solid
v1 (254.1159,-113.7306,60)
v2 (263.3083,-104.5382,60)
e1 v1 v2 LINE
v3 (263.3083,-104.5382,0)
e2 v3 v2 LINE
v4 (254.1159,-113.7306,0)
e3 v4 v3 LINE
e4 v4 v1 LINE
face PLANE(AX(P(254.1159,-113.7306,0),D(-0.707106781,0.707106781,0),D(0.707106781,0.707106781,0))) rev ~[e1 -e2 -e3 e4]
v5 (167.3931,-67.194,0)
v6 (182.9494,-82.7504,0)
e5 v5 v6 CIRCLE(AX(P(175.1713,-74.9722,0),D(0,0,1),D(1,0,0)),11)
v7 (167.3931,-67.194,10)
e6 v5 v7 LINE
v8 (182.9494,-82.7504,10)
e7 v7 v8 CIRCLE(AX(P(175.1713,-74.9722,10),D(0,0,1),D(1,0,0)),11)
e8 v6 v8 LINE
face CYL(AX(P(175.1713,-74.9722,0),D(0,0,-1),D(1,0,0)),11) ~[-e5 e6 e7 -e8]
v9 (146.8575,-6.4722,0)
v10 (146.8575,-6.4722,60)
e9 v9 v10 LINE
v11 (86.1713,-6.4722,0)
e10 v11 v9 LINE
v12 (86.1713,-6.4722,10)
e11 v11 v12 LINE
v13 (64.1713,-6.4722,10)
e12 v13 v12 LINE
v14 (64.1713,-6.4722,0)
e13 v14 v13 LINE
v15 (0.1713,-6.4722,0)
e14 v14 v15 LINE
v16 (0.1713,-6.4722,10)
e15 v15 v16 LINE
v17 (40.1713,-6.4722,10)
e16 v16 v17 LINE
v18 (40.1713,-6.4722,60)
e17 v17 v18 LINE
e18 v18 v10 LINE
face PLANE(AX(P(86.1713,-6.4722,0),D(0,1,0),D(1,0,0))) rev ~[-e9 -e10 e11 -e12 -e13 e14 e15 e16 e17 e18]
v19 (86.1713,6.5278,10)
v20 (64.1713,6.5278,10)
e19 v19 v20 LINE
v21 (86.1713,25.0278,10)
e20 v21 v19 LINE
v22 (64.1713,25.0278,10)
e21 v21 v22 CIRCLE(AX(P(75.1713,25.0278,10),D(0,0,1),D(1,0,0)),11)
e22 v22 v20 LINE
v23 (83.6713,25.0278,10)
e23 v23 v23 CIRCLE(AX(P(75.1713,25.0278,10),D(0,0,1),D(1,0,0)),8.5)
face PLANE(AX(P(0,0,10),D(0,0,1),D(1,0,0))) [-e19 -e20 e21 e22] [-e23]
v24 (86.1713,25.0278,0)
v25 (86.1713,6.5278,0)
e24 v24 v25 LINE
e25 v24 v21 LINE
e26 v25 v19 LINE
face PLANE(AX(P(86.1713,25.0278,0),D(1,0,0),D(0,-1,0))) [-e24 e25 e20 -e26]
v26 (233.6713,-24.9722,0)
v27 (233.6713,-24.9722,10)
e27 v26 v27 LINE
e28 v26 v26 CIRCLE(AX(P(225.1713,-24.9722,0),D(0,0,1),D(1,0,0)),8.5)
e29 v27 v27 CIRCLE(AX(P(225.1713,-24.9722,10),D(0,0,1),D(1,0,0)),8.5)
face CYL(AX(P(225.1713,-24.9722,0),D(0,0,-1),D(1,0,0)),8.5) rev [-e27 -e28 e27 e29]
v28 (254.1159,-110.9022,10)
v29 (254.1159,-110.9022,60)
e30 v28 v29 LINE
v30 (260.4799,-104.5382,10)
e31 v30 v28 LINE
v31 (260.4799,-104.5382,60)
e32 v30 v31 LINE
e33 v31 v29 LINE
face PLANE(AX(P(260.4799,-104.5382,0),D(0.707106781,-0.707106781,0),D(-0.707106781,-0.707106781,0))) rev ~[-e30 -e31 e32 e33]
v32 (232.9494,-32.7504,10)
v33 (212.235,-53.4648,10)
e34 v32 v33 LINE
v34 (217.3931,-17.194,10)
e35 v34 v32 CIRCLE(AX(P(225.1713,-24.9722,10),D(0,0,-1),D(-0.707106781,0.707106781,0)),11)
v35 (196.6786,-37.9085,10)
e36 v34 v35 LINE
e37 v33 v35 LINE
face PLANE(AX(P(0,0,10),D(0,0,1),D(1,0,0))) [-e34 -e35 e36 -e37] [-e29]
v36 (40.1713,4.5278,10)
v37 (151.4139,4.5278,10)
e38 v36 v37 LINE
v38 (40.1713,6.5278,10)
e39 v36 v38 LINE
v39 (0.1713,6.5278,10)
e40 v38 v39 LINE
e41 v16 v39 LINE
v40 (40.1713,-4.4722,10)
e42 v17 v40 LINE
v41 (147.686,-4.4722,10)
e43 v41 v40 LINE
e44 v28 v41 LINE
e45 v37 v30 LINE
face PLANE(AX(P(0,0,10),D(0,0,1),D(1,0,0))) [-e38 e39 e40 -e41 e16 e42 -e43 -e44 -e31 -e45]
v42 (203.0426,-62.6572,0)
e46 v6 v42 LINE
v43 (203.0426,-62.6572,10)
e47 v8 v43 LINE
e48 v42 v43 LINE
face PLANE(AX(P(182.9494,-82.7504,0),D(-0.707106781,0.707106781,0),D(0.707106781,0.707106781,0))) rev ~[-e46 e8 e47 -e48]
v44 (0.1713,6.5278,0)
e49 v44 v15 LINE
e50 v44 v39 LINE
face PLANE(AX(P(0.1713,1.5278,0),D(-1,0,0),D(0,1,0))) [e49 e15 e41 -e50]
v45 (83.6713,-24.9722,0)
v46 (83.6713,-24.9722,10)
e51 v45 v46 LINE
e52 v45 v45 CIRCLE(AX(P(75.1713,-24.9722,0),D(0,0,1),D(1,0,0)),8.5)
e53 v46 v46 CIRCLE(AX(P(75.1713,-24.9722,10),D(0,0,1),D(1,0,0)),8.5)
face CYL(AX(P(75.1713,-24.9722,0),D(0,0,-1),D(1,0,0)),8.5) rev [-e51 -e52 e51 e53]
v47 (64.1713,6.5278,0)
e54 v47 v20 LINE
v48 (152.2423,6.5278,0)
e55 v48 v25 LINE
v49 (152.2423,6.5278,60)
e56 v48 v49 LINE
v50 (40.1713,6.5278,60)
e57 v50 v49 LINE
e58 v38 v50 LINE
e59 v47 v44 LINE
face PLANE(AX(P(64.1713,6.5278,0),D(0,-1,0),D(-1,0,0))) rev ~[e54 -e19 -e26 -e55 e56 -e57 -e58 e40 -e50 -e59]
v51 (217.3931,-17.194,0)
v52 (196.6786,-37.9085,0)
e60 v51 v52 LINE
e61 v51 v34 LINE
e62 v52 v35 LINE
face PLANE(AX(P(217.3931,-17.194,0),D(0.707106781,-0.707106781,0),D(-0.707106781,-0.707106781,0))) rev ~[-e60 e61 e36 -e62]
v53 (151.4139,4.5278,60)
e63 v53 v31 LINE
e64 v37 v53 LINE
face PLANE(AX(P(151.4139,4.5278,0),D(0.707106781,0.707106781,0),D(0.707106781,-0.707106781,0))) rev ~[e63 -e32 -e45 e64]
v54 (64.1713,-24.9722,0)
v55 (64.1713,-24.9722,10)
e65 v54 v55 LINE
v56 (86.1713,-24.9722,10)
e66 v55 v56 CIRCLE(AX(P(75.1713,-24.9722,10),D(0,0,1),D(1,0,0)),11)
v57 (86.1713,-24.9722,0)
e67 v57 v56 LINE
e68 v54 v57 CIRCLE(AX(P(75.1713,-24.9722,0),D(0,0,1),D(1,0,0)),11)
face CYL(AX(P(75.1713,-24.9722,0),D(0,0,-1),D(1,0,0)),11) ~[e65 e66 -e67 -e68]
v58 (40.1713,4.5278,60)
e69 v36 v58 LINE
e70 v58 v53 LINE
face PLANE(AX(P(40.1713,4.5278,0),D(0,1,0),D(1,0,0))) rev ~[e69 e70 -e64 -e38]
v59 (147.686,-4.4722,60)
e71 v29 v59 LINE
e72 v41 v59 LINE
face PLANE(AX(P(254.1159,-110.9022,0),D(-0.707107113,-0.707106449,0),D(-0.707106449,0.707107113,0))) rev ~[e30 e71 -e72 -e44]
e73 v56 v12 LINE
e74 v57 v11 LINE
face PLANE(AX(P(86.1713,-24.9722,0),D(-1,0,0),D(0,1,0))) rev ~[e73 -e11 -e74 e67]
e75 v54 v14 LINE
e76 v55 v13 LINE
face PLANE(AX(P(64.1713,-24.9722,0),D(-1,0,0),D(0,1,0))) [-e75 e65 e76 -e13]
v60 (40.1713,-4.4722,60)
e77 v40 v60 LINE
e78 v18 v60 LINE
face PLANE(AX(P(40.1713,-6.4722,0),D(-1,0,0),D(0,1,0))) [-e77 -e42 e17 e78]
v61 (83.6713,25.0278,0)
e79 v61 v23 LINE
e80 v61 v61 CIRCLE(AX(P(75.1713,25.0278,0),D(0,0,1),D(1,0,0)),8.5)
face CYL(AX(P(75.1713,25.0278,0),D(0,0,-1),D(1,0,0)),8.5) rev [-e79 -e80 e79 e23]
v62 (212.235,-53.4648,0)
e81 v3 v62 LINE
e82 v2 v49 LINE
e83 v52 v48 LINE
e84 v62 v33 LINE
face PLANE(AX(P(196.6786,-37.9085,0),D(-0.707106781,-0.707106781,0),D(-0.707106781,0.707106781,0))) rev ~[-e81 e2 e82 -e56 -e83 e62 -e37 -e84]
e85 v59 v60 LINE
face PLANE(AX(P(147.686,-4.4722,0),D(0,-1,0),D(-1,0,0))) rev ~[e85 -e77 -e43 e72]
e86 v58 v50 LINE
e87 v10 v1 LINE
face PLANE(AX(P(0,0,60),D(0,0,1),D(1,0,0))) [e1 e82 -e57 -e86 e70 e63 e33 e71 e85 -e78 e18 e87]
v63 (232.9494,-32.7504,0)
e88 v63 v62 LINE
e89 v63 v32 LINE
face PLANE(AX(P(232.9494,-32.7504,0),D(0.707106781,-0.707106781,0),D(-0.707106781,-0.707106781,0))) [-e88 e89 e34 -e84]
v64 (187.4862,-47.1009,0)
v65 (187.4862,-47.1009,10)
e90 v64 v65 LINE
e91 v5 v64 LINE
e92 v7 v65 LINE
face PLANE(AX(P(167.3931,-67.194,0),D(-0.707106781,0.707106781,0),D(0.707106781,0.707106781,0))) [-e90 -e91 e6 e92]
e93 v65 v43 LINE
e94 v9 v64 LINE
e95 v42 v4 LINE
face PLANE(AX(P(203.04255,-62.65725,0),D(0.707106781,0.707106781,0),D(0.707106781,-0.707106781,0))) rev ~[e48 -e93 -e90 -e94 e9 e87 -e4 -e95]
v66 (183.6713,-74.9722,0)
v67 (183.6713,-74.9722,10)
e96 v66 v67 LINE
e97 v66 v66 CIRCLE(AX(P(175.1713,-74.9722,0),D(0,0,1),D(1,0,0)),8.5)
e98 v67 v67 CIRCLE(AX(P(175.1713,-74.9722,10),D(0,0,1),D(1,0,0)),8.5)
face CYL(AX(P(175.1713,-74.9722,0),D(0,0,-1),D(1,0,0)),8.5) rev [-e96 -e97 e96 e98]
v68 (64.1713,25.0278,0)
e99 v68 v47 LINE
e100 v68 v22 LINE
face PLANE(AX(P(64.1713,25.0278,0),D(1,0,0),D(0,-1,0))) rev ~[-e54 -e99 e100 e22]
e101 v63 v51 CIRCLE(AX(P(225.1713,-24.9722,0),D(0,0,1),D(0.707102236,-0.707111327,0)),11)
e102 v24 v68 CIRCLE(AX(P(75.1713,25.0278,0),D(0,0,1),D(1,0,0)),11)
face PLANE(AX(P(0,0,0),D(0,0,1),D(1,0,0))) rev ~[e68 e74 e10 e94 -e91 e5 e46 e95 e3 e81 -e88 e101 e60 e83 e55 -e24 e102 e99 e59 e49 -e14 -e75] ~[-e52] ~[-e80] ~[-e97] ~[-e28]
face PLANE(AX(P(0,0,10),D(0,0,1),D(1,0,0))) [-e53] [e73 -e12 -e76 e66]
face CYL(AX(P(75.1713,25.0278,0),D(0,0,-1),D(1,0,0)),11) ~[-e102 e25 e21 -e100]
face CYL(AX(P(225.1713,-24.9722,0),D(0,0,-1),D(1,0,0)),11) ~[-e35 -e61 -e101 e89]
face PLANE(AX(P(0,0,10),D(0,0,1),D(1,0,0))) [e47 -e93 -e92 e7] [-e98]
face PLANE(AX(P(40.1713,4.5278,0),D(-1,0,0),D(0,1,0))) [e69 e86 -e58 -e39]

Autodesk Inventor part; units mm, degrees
ref_plane "YZ Plane" through (0, 0, 0) normal (1, 0, 0) x (0, 1, 0)
ref_plane "XZ Plane" through (0, 0, 0) normal (0, 1, 0) x (-1, 0, 0)
ref_plane "XY Plane" through (0, 0, 0) normal (0, 0, 1) x (1, 0, 0)
sketch "Sketch1" plane through (0, 0, 0) normal (0, 0, 1) x (1, 0, 0)
  line L0 (0.1713, 1.5278) -> (0.1713, -1.4722)
  line L1 (0.1713, 1.5278) -> (0.1713, 6.5278)
  line L2 (0.1713, -1.4722) -> (0.1713, -6.4722)
  line L3 (0.1713, -6.4722) -> (146.8575, -6.4722)
  line L4 (152.2423, 6.5278) -> (0.1713, 6.5278)
  line L5 (146.8575, -6.4722) -> (254.1159, -113.7306)
  line L6 (263.3083, -104.5382) -> (152.2423, 6.5278)
  line L7 (254.1159, -113.7306) -> (263.3083, -104.5382)
  line L8 (40.1713, -6.4722) -> (40.1713, -4.4722)
  line L9 (232.9494, -32.7504) -> (212.235, -53.4648)
  circle A0 centre (225.1713, -24.9722) radius 8.5
  circle A1 centre (225.1713, -24.9722) radius 11
  line L10 (217.3931, -17.194) -> (196.6786, -37.9085)
  line L11 (182.9494, -82.7504) -> (203.0426, -62.6572)
  line L12 (167.3931, -67.194) -> (187.4862, -47.1009)
  circle A2 centre (175.1713, -74.9722) radius 8.5
  circle A3 centre (175.1713, -74.9722) radius 11
  line L13 (86.1713, -24.9722) -> (86.1713, -6.4722)
  line L14 (64.1713, -24.9722) -> (64.1713, -6.4722)
  circle A4 centre (75.1713, -24.9722) radius 8.5
  circle A5 centre (75.1713, -24.9722) radius 11
  line L15 (86.1713, 25.0278) -> (86.1713, 6.5278)
  circle A6 centre (75.1713, 25.0278) radius 8.5
  circle A7 centre (75.1713, 25.0278) radius 11
  line L16 (64.1713, 25.0278) -> (64.1713, 6.5278)
  line L17 (40.1713, 4.5278) -> (40.1713, 6.5278)
  line L18 (40.1713, 4.5278) -> (151.4139, 4.5278)
  line L19 (151.4139, 4.5278) -> (260.4799, -104.5382)
  line L20 (260.4799, -104.5382) -> (254.1159, -110.9022)
  line L21 (254.1159, -110.9022) -> (147.686, -4.4722)
  line L22 (147.686, -4.4722) -> (40.1713, -4.4722)
  point P0 (0, 0)
  point P1 (0.1713, 0.0278)
  point P2 (0.1713, 0.0278)
  point P3 (0.1713, -3.9722)
  point P4 (40.1713, -3.9722)
  point P5 (76.2068, 6.5278)
  point P6 (86.1713, 6.5278)
  point P7 (64.1713, 6.5278)
  point P8 (86.1713, -6.4722)
  point P9 (64.1713, -6.4722)
  point P10 (203.0426, -62.6572)
  point P11 (187.4862, -47.1009)
  point P12 (196.6786, -37.9085)
  point P13 (212.235, -53.4648)
extrude "Extrusion4" add sketch "Sketch1" along normal blind 60 contours L4 L6 L7 L5 L3 L8 L22 L21 L20 L19 L18 L17
extrude "Extrusion5" add sketch "Sketch1" along normal blind 10 contours L1 L4 L17 L18 L19 L20 L21 L22 L8 L3 L2 L0 | L16 A7 L15 L4 | L3 L13 A5 L14 | A7 | A5 | L10 A1 L9 L6 | L5 L11 A3 L12 | A1 | A3
properties part number "hold_right_sim"
